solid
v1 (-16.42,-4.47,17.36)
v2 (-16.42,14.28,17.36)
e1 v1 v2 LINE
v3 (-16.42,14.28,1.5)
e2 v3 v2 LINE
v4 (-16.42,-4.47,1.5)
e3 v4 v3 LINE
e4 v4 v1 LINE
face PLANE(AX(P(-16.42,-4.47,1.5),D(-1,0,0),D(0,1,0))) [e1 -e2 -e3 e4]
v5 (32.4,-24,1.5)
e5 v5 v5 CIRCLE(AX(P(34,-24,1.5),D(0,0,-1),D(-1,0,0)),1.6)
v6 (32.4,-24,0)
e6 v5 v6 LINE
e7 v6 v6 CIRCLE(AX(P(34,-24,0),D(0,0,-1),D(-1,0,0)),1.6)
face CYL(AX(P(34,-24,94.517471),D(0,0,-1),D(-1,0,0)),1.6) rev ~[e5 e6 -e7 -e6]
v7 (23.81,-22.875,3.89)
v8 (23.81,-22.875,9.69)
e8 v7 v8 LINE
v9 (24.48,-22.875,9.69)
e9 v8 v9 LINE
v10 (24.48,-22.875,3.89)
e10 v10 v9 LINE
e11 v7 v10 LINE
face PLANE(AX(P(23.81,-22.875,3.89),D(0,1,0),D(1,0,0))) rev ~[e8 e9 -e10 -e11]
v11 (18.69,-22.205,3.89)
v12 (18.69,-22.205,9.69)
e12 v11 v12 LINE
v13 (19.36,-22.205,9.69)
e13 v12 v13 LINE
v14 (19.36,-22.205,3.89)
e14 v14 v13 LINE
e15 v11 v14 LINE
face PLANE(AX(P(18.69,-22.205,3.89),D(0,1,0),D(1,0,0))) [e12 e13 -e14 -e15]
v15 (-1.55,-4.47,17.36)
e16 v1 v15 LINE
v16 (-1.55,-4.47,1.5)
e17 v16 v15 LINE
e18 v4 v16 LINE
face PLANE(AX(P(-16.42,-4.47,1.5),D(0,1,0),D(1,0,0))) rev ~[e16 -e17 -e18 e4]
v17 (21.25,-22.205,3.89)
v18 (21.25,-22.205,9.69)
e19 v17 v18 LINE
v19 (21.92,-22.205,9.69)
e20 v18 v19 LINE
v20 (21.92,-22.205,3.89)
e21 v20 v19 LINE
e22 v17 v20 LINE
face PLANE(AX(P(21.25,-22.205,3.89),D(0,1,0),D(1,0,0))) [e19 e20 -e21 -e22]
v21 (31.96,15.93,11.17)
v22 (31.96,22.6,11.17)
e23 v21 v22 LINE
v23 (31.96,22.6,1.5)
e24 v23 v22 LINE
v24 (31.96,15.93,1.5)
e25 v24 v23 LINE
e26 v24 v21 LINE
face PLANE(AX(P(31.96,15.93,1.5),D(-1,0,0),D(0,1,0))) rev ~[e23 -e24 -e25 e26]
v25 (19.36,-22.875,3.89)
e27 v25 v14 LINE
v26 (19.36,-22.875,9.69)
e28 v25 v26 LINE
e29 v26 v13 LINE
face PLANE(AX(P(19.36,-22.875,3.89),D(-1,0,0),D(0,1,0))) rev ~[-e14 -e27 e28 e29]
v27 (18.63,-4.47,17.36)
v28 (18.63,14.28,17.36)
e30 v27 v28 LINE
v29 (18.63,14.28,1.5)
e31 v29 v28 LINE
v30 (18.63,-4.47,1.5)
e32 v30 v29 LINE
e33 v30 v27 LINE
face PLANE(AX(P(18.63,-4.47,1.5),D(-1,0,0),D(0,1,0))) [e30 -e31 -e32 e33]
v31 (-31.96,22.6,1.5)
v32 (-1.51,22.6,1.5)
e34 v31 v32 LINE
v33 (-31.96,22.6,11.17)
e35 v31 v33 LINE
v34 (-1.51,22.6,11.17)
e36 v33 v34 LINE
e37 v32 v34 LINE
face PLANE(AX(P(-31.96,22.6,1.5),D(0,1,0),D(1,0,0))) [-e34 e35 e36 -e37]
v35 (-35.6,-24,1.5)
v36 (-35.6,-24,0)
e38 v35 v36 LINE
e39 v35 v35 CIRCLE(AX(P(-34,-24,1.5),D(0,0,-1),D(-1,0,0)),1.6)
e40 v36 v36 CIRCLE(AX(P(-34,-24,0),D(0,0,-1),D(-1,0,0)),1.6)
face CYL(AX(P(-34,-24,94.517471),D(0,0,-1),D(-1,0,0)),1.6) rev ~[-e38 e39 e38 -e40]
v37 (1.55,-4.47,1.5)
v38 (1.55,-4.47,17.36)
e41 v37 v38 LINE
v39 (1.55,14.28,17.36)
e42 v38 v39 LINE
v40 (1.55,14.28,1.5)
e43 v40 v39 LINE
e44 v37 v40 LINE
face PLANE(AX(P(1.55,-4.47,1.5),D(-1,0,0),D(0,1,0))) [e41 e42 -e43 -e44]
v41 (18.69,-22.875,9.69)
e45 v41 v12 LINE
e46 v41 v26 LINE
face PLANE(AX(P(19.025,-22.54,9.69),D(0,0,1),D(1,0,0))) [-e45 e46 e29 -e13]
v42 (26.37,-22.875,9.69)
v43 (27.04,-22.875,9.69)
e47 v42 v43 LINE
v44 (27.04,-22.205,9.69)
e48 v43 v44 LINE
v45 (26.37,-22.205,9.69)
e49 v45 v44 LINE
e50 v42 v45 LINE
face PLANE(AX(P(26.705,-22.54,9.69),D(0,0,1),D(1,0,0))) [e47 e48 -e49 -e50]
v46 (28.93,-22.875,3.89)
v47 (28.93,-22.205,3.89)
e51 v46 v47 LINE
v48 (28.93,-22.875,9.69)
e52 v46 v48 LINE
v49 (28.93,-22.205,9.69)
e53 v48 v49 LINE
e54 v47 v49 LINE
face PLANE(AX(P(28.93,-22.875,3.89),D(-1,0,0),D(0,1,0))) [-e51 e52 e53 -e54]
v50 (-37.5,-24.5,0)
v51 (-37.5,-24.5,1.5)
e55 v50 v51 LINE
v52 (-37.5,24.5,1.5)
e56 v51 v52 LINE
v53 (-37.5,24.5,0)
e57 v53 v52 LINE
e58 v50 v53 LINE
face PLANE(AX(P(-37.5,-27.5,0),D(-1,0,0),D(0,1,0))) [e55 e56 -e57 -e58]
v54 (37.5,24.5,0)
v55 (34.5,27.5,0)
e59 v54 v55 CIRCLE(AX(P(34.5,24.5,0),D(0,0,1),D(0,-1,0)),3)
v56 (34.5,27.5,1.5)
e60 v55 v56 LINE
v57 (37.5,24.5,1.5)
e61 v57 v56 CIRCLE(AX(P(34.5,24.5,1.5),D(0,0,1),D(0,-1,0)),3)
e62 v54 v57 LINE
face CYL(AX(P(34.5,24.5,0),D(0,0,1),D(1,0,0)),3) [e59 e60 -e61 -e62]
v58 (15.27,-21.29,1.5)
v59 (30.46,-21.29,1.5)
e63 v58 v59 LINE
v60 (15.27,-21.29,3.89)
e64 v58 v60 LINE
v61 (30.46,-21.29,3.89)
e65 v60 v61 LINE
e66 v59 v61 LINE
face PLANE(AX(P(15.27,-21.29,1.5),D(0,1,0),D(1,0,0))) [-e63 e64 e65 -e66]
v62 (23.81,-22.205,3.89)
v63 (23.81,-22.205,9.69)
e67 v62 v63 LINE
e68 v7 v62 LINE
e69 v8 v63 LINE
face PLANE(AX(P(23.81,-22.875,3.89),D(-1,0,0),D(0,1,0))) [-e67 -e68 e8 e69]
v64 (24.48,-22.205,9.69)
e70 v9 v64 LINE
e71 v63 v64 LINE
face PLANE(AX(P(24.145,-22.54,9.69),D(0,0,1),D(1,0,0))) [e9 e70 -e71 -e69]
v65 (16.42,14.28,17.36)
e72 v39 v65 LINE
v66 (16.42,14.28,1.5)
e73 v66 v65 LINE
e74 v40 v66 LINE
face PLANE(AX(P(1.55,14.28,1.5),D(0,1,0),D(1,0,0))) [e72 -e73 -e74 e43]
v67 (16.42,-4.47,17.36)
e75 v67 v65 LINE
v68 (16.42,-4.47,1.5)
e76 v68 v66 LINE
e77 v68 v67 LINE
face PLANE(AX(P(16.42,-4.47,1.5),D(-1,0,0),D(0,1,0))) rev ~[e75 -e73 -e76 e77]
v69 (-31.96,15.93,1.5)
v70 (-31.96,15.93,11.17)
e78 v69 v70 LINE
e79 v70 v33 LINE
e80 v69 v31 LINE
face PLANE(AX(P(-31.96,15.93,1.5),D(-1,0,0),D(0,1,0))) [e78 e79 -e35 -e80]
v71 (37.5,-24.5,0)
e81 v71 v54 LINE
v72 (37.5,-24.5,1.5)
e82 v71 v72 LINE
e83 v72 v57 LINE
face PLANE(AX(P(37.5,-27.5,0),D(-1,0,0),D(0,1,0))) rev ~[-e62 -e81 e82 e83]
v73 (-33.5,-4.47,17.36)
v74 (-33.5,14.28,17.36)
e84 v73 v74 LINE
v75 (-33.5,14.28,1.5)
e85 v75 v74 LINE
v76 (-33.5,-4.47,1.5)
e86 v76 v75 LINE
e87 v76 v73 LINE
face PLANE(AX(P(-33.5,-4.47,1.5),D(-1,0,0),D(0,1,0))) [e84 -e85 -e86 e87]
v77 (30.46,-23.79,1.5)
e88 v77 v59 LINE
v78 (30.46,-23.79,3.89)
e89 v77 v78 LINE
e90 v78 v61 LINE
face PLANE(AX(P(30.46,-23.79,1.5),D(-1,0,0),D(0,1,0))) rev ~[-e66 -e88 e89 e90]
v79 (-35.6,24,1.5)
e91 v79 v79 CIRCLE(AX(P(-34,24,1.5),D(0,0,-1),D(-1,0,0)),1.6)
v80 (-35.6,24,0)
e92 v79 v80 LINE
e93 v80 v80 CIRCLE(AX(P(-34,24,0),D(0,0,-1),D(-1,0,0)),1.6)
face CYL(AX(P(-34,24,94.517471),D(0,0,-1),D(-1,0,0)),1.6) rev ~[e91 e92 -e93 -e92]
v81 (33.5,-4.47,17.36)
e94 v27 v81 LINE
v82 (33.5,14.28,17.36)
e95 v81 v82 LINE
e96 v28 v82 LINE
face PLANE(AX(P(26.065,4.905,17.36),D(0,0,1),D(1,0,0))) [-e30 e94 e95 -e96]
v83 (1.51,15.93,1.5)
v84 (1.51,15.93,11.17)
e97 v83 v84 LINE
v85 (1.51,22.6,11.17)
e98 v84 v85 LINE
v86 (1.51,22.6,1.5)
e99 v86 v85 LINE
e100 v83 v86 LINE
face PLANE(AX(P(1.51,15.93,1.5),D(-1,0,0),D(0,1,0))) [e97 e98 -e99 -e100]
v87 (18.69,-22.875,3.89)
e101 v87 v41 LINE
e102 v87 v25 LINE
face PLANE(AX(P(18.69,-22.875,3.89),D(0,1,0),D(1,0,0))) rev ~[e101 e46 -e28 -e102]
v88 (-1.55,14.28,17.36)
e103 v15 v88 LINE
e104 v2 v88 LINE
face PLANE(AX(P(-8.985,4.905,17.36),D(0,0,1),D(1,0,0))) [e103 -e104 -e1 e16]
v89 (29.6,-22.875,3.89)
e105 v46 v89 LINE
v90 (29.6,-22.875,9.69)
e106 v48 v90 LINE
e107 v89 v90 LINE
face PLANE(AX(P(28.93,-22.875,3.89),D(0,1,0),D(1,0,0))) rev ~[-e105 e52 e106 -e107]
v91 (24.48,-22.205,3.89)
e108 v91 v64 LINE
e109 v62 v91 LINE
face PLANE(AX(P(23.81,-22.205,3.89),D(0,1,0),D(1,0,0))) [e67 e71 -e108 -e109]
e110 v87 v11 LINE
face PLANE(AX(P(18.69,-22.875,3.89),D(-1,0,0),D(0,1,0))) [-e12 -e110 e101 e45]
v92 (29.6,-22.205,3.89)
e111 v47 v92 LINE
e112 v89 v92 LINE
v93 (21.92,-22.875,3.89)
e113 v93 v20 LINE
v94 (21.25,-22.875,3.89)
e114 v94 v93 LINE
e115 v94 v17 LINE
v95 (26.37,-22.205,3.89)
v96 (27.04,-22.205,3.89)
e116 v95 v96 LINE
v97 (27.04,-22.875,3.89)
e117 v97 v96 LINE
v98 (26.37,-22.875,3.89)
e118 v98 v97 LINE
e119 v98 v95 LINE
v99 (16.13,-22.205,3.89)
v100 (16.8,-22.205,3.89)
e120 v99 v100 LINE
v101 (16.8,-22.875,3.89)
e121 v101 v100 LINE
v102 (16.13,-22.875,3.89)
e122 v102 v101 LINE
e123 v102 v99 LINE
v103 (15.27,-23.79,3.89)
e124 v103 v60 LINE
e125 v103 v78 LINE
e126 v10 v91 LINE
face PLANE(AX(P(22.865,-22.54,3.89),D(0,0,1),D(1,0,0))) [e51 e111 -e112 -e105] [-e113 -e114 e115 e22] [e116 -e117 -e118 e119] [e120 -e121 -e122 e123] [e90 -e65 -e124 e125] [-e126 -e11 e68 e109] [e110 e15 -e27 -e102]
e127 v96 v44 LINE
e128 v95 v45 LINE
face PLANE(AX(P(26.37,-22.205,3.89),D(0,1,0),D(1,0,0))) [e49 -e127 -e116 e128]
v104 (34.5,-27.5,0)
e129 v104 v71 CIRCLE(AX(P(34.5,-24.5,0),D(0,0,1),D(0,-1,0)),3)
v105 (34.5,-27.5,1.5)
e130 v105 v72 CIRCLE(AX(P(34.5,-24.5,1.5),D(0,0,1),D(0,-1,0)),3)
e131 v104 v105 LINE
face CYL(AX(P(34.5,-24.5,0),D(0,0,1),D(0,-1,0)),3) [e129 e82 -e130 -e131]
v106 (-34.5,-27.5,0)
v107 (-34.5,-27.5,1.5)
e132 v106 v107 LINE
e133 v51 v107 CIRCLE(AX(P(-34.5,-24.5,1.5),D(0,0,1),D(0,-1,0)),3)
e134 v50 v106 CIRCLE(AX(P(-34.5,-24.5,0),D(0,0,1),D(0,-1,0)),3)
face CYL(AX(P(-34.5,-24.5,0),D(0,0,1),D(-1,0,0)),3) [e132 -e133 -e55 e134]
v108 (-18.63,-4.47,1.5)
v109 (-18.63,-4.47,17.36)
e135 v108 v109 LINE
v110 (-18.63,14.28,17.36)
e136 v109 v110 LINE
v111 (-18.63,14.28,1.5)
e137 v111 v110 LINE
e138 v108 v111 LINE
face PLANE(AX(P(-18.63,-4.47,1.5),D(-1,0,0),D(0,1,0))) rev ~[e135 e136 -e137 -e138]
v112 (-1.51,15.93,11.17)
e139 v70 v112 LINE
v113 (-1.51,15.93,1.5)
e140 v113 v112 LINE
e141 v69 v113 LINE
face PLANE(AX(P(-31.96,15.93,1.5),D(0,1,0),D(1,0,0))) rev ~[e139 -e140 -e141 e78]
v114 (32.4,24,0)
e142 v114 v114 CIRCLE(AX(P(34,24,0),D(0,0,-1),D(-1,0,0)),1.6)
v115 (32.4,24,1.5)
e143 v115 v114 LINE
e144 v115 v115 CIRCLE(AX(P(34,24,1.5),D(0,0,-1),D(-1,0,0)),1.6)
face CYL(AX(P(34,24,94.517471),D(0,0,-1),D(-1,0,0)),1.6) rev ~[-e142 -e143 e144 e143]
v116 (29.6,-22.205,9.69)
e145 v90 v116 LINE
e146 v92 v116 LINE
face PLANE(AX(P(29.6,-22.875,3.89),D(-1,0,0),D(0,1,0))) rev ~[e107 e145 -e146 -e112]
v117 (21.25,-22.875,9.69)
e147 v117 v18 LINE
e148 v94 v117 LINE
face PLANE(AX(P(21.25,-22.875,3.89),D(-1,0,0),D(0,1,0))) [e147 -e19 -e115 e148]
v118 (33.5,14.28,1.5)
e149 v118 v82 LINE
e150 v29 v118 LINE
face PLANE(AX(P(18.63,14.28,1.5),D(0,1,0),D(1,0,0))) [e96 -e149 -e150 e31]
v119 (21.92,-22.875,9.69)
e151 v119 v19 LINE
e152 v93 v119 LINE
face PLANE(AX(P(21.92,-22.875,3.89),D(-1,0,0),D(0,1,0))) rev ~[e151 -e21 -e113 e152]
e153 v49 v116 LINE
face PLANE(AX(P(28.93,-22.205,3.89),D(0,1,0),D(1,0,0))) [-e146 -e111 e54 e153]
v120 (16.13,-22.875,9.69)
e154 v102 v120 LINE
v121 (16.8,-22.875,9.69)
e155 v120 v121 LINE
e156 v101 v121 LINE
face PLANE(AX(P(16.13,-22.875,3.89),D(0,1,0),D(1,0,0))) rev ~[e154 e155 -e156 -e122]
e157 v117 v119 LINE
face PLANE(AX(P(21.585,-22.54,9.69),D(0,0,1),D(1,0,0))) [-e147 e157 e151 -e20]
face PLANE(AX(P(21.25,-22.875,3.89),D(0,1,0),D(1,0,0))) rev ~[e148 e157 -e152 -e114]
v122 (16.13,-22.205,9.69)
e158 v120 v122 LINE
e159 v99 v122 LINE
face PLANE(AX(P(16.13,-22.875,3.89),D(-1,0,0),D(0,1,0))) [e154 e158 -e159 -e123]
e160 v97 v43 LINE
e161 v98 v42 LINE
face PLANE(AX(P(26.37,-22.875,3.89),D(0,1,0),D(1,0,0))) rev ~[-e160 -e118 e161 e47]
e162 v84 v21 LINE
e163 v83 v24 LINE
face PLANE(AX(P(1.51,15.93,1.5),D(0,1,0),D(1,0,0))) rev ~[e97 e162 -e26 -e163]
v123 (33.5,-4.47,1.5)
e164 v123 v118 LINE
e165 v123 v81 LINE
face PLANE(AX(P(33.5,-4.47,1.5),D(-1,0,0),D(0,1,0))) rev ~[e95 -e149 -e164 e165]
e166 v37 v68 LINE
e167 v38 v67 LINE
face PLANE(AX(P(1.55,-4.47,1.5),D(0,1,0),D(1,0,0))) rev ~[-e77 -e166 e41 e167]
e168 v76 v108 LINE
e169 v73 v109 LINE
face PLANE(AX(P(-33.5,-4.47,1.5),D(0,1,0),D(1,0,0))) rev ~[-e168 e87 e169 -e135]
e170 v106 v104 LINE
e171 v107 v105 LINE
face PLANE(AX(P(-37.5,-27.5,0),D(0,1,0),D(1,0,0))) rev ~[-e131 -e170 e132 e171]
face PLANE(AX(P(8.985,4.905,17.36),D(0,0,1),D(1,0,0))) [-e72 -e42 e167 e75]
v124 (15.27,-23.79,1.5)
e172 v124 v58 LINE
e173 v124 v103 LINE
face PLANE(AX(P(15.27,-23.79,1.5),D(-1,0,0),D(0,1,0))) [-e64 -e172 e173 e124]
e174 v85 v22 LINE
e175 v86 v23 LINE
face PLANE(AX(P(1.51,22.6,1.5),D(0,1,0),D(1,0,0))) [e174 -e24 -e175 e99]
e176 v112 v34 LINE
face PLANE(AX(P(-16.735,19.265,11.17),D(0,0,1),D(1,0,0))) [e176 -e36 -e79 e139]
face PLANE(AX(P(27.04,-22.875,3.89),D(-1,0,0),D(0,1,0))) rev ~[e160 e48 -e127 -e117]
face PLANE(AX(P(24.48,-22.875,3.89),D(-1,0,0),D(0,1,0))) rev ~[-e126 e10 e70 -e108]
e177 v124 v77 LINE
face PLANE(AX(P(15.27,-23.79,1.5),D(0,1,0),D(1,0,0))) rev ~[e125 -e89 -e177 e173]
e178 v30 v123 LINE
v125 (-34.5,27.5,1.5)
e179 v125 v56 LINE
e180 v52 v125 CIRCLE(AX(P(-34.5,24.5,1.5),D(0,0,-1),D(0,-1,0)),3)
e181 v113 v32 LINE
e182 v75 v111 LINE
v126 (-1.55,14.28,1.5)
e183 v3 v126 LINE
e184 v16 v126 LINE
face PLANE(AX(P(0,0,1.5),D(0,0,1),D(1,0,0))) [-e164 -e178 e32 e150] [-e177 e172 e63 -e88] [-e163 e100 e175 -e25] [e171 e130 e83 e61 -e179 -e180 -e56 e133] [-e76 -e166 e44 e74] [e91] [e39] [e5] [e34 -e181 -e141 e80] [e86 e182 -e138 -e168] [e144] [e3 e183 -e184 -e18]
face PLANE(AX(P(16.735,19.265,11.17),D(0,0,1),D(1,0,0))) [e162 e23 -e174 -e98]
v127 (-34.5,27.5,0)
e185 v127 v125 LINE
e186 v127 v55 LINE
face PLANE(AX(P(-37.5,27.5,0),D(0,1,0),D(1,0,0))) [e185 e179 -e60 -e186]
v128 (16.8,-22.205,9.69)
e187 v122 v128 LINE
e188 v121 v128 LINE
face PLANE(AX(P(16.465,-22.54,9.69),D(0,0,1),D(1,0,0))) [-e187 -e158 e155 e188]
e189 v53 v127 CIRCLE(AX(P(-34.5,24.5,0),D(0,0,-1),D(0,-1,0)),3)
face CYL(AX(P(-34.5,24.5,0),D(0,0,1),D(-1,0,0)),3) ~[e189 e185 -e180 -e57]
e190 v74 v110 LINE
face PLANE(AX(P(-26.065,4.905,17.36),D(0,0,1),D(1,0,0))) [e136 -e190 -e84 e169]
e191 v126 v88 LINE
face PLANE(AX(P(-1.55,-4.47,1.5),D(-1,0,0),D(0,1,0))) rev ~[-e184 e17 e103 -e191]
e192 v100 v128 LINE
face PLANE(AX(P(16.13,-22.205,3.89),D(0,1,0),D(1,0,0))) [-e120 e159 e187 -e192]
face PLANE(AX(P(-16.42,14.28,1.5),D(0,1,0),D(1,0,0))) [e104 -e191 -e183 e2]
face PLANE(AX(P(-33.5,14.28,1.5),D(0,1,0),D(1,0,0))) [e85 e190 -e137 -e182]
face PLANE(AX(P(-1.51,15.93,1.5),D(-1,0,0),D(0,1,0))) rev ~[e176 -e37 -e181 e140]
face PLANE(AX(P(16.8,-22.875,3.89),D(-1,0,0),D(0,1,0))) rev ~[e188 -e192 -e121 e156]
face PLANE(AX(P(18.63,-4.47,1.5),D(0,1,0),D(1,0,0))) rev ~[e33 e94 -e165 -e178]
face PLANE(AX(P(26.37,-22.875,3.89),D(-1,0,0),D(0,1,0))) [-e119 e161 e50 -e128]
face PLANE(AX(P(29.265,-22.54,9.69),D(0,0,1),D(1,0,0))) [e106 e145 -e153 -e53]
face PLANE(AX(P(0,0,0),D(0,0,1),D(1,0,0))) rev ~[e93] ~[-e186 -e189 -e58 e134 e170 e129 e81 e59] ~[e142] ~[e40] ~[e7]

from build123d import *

# Parameters (mm, degrees)
CROQUIS1_W                   = 75
CROQUIS1_H                   = 55
SALIENTE_EXTRUIR1_DEPTH      = 1.5
REDONDEO1_R                  = 3
TALADRO_DE_MARGEN_PARA_M31_D = 3.2
CROQUIS4_W                   = 14.87
CROQUIS4_H                   = 18.75
SALIENTE_EXTRUIR2_DEPTH      = 15.86
CROQUIS5_W                   = 30.45
CROQUIS5_H                   = 6.67
SALIENTE_EXTRUIR3_DEPTH      = 9.67
CROQUIS6_W                   = 15.19
CROQUIS6_H                   = 2.5
SALIENTE_EXTRUIR4_DEPTH      = 2.39
CROQUIS7_W                   = 0.67
CROQUIS7_H                   = 0.67
SALIENTE_EXTRUIR5_DEPTH      = 5.8


with BuildPart() as part:
    # Croquis1 → Saliente-Extruir1 (new body)
    with BuildSketch(Plane.XY):
        Rectangle(CROQUIS1_W, CROQUIS1_H)
    extrude(amount=SALIENTE_EXTRUIR1_DEPTH)

    # Redondeo1
    redondeo1_edges = [part.edges().sort_by_distance(p)[0] for p in [
        (-37.5, 27.5, 0.75),
        (37.5, 27.5, 0.75),
        (37.5, -27.5, 0.75),
        (-37.5, -27.5, 0.75),
    ]]
    fillet(redondeo1_edges, radius=REDONDEO1_R)

    # Taladro de margen para M31 (through all)
    with Locations(Plane.XY.offset(1.5)):
        with Locations((-34, 24), (-34, -24), (34, 24), (34, -24)):
            Hole(TALADRO_DE_MARGEN_PARA_M31_D / 2)

    # Croquis4 → Saliente-Extruir2 (add)
    with BuildSketch(Plane.XY.offset(1.5)):
        with Locations((-26.065, 4.905)):
            Rectangle(CROQUIS4_W, CROQUIS4_H)
        with Locations((-8.985, 4.905)):
            Rectangle(CROQUIS4_W, CROQUIS4_H)
        with Locations((8.985, 4.905)):
            Rectangle(CROQUIS4_W, CROQUIS4_H)
        with Locations((26.065, 4.905)):
            Rectangle(CROQUIS4_W, CROQUIS4_H)
    extrude(amount=SALIENTE_EXTRUIR2_DEPTH)

    # Croquis5 → Saliente-Extruir3 (add)
    with BuildSketch(Plane.XY.offset(1.5)):
        with Locations((-16.735, 19.265)):
            Rectangle(CROQUIS5_W, CROQUIS5_H)
        with Locations((16.735, 19.265)):
            Rectangle(CROQUIS5_W, CROQUIS5_H)
    extrude(amount=SALIENTE_EXTRUIR3_DEPTH)

    # Croquis6 → Saliente-Extruir4 (add)
    with BuildSketch(Plane.XY.offset(1.5)):
        with Locations((22.865, -22.54)):
            Rectangle(CROQUIS6_W, CROQUIS6_H)
    extrude(amount=SALIENTE_EXTRUIR4_DEPTH)

    # Croquis7 → Saliente-Extruir5 (add)
    with BuildSketch(Plane.XY.offset(3.89)):
        with Locations((16.465, -22.54)):
            Rectangle(CROQUIS7_W, CROQUIS7_H)
        with Locations((19.025, -22.54)):
            Rectangle(CROQUIS7_W, CROQUIS7_H)
        with Locations((21.585, -22.54)):
            Rectangle(CROQUIS7_W, CROQUIS7_H)
        with Locations((24.145, -22.54)):
            Rectangle(CROQUIS7_W, CROQUIS7_H)
        with Locations((26.705, -22.54)):
            Rectangle(CROQUIS7_W, CROQUIS7_H)
        with Locations((29.265, -22.54)):
            Rectangle(CROQUIS7_W, CROQUIS7_H)
    extrude(amount=SALIENTE_EXTRUIR5_DEPTH)


solid = part.part
